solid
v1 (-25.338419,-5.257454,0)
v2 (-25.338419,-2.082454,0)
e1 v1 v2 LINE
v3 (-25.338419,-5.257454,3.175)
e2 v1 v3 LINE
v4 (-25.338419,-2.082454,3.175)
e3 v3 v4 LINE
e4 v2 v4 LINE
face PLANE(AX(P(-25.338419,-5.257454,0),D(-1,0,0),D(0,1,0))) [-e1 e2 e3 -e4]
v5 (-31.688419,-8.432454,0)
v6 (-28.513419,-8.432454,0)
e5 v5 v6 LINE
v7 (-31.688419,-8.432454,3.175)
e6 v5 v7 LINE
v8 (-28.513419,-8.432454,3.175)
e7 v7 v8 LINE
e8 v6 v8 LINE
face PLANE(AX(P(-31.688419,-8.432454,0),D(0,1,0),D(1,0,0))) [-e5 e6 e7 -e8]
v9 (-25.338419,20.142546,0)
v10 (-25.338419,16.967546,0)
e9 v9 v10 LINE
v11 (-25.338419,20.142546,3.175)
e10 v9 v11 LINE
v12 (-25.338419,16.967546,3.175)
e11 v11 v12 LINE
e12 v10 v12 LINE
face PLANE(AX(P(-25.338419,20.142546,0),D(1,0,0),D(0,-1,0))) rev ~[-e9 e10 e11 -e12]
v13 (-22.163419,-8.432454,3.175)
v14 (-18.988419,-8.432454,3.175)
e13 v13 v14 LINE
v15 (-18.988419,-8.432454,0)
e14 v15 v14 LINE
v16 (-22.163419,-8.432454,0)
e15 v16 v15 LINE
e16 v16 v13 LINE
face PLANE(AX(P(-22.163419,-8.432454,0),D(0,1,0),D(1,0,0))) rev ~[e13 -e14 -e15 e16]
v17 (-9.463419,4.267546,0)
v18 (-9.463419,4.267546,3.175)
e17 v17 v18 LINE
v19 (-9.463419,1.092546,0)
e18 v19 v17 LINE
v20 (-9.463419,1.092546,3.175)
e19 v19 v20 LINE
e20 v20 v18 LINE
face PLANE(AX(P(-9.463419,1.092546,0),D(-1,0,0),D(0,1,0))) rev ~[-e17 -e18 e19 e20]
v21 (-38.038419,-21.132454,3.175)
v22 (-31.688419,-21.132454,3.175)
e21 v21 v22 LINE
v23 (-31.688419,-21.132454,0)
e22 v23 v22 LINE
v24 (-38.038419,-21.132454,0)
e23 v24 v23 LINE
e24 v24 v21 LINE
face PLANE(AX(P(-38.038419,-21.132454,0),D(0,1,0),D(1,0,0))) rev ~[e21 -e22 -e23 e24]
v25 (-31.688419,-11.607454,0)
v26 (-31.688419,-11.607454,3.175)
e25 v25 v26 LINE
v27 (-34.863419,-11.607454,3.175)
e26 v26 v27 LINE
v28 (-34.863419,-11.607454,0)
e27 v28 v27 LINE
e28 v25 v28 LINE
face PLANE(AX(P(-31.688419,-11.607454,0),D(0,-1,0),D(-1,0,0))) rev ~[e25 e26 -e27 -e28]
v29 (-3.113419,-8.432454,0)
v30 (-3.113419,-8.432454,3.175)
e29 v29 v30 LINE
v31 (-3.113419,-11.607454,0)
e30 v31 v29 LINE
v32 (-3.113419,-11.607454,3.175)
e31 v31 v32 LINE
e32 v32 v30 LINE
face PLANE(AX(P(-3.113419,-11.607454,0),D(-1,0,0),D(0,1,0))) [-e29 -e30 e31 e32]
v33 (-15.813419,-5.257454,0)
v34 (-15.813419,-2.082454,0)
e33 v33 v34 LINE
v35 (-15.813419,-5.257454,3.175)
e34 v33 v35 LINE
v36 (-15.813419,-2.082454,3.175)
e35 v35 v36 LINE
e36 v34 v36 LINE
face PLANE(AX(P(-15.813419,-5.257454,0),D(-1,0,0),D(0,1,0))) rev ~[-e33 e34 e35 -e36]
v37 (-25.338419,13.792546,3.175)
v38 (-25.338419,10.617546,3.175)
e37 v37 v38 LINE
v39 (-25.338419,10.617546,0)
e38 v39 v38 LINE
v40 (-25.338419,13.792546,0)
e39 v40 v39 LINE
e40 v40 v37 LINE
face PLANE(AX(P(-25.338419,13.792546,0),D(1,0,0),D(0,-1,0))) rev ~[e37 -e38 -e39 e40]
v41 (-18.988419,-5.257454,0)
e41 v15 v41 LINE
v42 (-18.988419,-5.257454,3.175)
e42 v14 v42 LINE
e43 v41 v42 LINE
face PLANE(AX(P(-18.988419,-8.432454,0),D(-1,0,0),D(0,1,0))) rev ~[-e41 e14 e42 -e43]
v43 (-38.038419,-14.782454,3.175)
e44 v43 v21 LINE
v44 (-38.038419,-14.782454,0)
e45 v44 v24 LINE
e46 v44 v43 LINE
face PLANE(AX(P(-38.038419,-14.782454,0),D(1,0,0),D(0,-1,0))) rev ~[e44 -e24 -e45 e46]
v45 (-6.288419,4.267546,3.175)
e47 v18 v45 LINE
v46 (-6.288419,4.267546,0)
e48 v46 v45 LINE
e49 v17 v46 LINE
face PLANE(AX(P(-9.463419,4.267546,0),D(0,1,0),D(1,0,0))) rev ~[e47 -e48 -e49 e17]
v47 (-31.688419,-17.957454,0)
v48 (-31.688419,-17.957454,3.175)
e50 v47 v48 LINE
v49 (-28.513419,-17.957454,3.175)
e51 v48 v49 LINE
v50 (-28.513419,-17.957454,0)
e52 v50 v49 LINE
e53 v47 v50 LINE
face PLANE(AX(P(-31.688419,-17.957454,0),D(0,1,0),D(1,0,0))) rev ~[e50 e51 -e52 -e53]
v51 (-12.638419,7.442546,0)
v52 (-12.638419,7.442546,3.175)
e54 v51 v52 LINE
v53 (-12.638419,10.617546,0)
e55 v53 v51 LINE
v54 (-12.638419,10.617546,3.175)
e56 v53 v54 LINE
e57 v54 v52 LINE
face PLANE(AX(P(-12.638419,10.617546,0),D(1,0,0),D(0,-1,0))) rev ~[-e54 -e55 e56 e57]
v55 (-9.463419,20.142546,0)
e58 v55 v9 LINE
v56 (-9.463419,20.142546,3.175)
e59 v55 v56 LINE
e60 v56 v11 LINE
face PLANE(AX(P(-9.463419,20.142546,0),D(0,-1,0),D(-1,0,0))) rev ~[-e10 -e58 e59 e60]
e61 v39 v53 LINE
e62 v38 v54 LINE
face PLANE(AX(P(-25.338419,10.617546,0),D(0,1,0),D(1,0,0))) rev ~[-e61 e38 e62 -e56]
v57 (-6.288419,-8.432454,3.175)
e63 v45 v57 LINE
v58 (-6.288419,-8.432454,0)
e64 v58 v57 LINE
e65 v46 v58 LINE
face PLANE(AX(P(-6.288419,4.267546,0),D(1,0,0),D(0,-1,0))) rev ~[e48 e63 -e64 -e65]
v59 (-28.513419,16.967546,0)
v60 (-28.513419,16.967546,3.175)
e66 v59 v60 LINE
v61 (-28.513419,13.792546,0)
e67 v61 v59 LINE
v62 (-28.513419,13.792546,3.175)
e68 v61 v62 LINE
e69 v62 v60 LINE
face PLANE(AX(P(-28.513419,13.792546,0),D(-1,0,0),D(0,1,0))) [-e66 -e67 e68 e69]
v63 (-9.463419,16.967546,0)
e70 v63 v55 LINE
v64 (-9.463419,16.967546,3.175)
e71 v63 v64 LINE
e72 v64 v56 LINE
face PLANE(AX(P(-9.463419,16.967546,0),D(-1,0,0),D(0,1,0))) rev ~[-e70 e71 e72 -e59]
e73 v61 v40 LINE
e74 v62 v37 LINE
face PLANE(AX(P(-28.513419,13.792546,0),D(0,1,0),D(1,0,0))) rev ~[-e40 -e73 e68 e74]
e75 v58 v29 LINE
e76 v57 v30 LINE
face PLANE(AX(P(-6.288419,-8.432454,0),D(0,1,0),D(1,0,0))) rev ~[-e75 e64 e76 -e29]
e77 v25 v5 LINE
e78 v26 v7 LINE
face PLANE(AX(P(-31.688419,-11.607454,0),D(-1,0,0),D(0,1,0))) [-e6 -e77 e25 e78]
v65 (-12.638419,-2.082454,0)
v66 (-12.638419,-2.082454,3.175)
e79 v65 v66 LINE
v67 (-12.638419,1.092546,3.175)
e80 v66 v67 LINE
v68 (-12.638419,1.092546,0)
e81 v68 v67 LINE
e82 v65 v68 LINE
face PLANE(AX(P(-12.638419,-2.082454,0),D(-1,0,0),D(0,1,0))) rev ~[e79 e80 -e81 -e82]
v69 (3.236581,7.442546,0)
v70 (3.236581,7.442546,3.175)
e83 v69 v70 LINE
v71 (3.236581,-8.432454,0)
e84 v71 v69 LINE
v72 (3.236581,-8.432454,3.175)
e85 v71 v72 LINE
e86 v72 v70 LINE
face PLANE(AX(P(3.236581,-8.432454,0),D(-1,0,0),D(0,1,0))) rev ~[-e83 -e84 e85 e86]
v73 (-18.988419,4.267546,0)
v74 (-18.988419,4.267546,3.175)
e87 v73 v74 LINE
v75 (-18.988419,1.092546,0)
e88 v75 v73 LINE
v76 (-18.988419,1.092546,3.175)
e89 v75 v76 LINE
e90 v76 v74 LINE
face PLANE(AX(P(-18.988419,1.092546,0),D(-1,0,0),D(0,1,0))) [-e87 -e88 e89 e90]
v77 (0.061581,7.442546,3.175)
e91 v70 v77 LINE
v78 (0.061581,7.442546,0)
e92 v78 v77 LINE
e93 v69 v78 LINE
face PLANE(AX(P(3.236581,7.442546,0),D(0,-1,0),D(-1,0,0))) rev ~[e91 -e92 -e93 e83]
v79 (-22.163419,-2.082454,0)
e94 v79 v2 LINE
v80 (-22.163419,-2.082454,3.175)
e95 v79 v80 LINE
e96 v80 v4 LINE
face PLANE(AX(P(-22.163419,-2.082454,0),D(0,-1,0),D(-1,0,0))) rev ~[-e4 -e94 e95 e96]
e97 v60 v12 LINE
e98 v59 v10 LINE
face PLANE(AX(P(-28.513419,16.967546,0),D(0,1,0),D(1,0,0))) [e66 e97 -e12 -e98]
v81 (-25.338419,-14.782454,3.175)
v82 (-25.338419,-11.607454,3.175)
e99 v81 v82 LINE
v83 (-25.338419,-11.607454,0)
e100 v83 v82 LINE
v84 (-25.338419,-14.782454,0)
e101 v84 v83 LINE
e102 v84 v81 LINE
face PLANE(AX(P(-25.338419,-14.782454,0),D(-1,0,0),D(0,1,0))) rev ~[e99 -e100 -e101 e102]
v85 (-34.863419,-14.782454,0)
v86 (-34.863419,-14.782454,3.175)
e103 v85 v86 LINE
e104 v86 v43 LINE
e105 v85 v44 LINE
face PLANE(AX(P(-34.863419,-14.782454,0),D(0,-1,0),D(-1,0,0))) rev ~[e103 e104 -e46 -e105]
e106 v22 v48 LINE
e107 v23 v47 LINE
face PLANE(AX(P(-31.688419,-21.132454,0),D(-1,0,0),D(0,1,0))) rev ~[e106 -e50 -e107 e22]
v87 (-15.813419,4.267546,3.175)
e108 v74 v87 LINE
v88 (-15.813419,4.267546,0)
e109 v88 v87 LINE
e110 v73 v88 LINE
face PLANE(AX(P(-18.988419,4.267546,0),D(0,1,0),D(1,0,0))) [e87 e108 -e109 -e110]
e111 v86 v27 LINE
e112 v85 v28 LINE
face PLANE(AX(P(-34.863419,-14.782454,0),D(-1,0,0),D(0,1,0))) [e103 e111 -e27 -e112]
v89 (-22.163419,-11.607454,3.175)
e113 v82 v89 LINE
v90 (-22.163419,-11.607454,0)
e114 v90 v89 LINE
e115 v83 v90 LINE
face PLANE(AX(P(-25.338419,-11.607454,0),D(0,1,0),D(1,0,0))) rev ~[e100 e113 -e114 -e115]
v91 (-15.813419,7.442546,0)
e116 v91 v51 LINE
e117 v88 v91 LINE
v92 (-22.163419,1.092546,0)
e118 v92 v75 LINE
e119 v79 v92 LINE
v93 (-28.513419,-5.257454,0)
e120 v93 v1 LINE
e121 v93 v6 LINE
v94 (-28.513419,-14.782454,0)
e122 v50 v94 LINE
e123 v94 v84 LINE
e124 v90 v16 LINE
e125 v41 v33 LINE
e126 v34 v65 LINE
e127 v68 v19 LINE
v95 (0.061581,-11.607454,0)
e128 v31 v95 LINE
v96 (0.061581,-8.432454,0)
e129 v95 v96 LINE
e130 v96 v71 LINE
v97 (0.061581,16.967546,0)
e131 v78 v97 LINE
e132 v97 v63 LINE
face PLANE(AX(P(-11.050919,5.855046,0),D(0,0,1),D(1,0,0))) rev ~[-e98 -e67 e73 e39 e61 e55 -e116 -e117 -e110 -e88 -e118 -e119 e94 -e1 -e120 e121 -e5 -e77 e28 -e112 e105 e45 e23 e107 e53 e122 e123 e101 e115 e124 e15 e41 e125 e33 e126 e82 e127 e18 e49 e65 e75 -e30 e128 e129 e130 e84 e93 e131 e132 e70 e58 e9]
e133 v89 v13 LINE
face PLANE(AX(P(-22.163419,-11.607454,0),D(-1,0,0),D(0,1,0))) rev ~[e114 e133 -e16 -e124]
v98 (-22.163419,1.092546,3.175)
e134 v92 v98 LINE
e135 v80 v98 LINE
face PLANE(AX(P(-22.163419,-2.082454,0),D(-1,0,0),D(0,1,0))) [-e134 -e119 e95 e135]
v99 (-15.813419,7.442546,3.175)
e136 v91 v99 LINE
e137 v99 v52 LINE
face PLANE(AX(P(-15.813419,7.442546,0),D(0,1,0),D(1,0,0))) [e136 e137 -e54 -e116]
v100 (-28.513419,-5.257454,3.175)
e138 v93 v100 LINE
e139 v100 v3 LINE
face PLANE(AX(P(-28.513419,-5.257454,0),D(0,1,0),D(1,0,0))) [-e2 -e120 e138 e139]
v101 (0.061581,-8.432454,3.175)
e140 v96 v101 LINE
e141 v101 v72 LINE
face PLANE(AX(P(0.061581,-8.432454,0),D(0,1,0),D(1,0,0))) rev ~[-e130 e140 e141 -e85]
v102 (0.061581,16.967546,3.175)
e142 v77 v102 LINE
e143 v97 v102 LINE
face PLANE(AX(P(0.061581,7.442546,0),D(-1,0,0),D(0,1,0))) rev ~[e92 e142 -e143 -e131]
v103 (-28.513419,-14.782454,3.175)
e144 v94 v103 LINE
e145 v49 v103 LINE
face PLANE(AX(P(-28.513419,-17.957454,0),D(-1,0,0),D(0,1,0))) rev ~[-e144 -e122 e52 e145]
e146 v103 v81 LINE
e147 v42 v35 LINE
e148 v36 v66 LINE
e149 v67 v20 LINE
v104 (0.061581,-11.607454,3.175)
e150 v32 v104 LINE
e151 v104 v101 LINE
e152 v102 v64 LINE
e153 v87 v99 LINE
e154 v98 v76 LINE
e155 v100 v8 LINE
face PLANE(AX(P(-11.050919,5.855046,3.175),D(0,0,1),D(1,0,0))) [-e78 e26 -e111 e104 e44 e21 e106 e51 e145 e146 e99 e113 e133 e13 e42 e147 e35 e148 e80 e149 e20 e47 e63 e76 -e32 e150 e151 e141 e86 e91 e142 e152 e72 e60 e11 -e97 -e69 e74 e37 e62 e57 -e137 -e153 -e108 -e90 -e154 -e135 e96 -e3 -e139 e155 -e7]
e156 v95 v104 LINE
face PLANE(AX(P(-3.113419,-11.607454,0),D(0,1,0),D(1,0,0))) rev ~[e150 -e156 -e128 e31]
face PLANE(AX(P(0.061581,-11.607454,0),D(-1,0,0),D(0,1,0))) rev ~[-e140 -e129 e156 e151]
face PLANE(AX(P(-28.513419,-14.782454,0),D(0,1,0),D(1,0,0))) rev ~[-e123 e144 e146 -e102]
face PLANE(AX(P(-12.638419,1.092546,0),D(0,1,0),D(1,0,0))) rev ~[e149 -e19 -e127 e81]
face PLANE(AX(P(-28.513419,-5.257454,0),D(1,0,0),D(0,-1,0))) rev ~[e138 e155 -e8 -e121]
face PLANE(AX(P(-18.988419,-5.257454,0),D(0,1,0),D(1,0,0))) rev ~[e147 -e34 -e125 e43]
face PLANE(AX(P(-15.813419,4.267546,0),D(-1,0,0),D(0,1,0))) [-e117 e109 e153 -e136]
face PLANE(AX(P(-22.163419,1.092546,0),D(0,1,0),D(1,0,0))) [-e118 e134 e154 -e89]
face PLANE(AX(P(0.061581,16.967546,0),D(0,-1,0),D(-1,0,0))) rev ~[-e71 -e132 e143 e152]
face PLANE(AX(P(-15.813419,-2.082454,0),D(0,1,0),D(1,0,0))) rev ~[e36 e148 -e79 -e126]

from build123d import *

# Parameters (mm, degrees)
F0_W     = 3.175
F0_H     = 3.175
F0_W_2   = 6.35
F0_H_2   = 6.35
F0_W_3   = 0.254
F0_H_3   = 0.254
F1_DEPTH = 3.175


with BuildPart() as f1:
    # F0 (on Top) → F1 (new body)
    with BuildSketch(Plane.XY):
        with Locations((-11.0509185119, 5.8550464224)):
            Rectangle(F0_W, F0_H)
        with Locations((-23.7509185119, -10.0199535776)):
            Rectangle(F0_W, F0_H)
        with Locations((-20.5759185119, -3.6699535776)):
            Rectangle(F0_W, F0_H)
        Polygon((0.0615814881, 16.9675464224), (-9.4634185119, 16.9675464224), (-9.4634185119, 10.6175464224), (-12.6384185119, 10.6175464224), (-12.6384185119, 7.4425464224), (-9.4634185119, 7.4425464224), (-9.4634185119, 4.2675464224), (-6.2884185119, 4.2675464224), (-6.2884185119, 7.4425464224), (0.0615814881, 7.4425464224), align=None)
        with Locations((-26.9259185119, -10.0199535776)):
            Rectangle(F0_W, F0_H)
        with Locations((-26.9259185119, -6.8449535776)):
            Rectangle(F0_W, F0_H)
        with Locations((-17.4009185119, 2.6800464224)):
            Rectangle(F0_W, F0_H)
        with Locations((-30.1009185119, -16.3699535776)):
            Rectangle(F0_W, F0_H)
        with Locations((-14.2259185119, -0.4949535776)):
            Rectangle(F0_W, F0_H)
        with Locations((-14.2259185119, 5.8550464224)):
            Rectangle(F0_W, F0_H)
        with Locations((-3.1134185119, 5.8550464224)):
            Rectangle(F0_W_2, F0_H)
        with Locations((-11.0509185119, 2.6800464224)):
            Rectangle(F0_W, F0_H)
        Polygon((3.2365814881, 7.4425464224), (0.0615814881, 7.4425464224), (0.0615814881, 4.2675464224), (-6.2884185119, 4.2675464224), (-6.2884185119, -8.4324535776), (-3.1134185119, -8.4324535776), (-3.1134185119, -8.1784535776), (0.0615814881, -8.1784535776), (0.0615814881, -8.4324535776), (3.2365814881, -8.4324535776), align=None)
        with Locations((-11.0509185119, 13.7925464224)):
            Rectangle(F0_W, F0_H_2)
        Polygon((-12.6384185119, 10.6175464224), (-12.6384185119, 16.9675464224), (-9.4634185119, 16.9675464224), (-9.4634185119, 20.1425464224), (-25.3384185119, 20.1425464224), (-25.3384185119, 16.9675464224), (-25.0844185119, 16.9675464224), (-25.0844185119, 13.7925464224), (-25.3384185119, 13.7925464224), (-25.3384185119, 10.6175464224), align=None)
        Polygon((-34.8634185119, -17.9574535776), (-34.8634185119, -14.7824535776), (-38.0384185119, -14.7824535776), (-38.0384185119, -21.1324535776), (-31.6884185119, -21.1324535776), (-31.6884185119, -17.9574535776), align=None)
        with Locations((-1.5259185119, -10.0199535776)):
            Rectangle(F0_W, F0_H)
        with Locations((-26.9259185119, 15.3800464224)):
            Rectangle(F0_W, F0_H)
        with Locations((-23.7509185119, -3.6699535776)):
            Rectangle(F0_W, F0_H)
        with Locations((-20.5759185119, -0.4949535776)):
            Rectangle(F0_W, F0_H)
        with Locations((-17.4009185119, -3.6699535776)):
            Rectangle(F0_W, F0_H)
        with Locations((-17.4009185119, -0.4949535776)):
            Rectangle(F0_W, F0_H)
        with Locations((-20.5759185119, -6.8449535776)):
            Rectangle(F0_W, F0_H)
        with Locations((-33.2759185119, -13.1949535776)):
            Rectangle(F0_W, F0_H)
        with Locations((-30.1009185119, -13.1949535776)):
            Rectangle(F0_W, F0_H)
        with Locations((-23.7509185119, -6.8449535776)):
            Rectangle(F0_W, F0_H)
        with Locations((-30.1009185119, -10.0199535776)):
            Rectangle(F0_W, F0_H)
        with Locations((-14.2259185119, 2.6800464224)):
            Rectangle(F0_W, F0_H)
        with Locations((-33.2759185119, -16.3699535776)):
            Rectangle(F0_W, F0_H)
        with Locations((-26.9259185119, -13.1949535776)):
            Rectangle(F0_W, F0_H)
        with Locations((-25.2114185119, 15.3800464224)):
            Rectangle(F0_W_3, F0_H)
        with Locations((-1.5259185119, -8.3054535776)):
            Rectangle(F0_W, F0_H_3)
    extrude(amount=F1_DEPTH)


solid = f1.part
